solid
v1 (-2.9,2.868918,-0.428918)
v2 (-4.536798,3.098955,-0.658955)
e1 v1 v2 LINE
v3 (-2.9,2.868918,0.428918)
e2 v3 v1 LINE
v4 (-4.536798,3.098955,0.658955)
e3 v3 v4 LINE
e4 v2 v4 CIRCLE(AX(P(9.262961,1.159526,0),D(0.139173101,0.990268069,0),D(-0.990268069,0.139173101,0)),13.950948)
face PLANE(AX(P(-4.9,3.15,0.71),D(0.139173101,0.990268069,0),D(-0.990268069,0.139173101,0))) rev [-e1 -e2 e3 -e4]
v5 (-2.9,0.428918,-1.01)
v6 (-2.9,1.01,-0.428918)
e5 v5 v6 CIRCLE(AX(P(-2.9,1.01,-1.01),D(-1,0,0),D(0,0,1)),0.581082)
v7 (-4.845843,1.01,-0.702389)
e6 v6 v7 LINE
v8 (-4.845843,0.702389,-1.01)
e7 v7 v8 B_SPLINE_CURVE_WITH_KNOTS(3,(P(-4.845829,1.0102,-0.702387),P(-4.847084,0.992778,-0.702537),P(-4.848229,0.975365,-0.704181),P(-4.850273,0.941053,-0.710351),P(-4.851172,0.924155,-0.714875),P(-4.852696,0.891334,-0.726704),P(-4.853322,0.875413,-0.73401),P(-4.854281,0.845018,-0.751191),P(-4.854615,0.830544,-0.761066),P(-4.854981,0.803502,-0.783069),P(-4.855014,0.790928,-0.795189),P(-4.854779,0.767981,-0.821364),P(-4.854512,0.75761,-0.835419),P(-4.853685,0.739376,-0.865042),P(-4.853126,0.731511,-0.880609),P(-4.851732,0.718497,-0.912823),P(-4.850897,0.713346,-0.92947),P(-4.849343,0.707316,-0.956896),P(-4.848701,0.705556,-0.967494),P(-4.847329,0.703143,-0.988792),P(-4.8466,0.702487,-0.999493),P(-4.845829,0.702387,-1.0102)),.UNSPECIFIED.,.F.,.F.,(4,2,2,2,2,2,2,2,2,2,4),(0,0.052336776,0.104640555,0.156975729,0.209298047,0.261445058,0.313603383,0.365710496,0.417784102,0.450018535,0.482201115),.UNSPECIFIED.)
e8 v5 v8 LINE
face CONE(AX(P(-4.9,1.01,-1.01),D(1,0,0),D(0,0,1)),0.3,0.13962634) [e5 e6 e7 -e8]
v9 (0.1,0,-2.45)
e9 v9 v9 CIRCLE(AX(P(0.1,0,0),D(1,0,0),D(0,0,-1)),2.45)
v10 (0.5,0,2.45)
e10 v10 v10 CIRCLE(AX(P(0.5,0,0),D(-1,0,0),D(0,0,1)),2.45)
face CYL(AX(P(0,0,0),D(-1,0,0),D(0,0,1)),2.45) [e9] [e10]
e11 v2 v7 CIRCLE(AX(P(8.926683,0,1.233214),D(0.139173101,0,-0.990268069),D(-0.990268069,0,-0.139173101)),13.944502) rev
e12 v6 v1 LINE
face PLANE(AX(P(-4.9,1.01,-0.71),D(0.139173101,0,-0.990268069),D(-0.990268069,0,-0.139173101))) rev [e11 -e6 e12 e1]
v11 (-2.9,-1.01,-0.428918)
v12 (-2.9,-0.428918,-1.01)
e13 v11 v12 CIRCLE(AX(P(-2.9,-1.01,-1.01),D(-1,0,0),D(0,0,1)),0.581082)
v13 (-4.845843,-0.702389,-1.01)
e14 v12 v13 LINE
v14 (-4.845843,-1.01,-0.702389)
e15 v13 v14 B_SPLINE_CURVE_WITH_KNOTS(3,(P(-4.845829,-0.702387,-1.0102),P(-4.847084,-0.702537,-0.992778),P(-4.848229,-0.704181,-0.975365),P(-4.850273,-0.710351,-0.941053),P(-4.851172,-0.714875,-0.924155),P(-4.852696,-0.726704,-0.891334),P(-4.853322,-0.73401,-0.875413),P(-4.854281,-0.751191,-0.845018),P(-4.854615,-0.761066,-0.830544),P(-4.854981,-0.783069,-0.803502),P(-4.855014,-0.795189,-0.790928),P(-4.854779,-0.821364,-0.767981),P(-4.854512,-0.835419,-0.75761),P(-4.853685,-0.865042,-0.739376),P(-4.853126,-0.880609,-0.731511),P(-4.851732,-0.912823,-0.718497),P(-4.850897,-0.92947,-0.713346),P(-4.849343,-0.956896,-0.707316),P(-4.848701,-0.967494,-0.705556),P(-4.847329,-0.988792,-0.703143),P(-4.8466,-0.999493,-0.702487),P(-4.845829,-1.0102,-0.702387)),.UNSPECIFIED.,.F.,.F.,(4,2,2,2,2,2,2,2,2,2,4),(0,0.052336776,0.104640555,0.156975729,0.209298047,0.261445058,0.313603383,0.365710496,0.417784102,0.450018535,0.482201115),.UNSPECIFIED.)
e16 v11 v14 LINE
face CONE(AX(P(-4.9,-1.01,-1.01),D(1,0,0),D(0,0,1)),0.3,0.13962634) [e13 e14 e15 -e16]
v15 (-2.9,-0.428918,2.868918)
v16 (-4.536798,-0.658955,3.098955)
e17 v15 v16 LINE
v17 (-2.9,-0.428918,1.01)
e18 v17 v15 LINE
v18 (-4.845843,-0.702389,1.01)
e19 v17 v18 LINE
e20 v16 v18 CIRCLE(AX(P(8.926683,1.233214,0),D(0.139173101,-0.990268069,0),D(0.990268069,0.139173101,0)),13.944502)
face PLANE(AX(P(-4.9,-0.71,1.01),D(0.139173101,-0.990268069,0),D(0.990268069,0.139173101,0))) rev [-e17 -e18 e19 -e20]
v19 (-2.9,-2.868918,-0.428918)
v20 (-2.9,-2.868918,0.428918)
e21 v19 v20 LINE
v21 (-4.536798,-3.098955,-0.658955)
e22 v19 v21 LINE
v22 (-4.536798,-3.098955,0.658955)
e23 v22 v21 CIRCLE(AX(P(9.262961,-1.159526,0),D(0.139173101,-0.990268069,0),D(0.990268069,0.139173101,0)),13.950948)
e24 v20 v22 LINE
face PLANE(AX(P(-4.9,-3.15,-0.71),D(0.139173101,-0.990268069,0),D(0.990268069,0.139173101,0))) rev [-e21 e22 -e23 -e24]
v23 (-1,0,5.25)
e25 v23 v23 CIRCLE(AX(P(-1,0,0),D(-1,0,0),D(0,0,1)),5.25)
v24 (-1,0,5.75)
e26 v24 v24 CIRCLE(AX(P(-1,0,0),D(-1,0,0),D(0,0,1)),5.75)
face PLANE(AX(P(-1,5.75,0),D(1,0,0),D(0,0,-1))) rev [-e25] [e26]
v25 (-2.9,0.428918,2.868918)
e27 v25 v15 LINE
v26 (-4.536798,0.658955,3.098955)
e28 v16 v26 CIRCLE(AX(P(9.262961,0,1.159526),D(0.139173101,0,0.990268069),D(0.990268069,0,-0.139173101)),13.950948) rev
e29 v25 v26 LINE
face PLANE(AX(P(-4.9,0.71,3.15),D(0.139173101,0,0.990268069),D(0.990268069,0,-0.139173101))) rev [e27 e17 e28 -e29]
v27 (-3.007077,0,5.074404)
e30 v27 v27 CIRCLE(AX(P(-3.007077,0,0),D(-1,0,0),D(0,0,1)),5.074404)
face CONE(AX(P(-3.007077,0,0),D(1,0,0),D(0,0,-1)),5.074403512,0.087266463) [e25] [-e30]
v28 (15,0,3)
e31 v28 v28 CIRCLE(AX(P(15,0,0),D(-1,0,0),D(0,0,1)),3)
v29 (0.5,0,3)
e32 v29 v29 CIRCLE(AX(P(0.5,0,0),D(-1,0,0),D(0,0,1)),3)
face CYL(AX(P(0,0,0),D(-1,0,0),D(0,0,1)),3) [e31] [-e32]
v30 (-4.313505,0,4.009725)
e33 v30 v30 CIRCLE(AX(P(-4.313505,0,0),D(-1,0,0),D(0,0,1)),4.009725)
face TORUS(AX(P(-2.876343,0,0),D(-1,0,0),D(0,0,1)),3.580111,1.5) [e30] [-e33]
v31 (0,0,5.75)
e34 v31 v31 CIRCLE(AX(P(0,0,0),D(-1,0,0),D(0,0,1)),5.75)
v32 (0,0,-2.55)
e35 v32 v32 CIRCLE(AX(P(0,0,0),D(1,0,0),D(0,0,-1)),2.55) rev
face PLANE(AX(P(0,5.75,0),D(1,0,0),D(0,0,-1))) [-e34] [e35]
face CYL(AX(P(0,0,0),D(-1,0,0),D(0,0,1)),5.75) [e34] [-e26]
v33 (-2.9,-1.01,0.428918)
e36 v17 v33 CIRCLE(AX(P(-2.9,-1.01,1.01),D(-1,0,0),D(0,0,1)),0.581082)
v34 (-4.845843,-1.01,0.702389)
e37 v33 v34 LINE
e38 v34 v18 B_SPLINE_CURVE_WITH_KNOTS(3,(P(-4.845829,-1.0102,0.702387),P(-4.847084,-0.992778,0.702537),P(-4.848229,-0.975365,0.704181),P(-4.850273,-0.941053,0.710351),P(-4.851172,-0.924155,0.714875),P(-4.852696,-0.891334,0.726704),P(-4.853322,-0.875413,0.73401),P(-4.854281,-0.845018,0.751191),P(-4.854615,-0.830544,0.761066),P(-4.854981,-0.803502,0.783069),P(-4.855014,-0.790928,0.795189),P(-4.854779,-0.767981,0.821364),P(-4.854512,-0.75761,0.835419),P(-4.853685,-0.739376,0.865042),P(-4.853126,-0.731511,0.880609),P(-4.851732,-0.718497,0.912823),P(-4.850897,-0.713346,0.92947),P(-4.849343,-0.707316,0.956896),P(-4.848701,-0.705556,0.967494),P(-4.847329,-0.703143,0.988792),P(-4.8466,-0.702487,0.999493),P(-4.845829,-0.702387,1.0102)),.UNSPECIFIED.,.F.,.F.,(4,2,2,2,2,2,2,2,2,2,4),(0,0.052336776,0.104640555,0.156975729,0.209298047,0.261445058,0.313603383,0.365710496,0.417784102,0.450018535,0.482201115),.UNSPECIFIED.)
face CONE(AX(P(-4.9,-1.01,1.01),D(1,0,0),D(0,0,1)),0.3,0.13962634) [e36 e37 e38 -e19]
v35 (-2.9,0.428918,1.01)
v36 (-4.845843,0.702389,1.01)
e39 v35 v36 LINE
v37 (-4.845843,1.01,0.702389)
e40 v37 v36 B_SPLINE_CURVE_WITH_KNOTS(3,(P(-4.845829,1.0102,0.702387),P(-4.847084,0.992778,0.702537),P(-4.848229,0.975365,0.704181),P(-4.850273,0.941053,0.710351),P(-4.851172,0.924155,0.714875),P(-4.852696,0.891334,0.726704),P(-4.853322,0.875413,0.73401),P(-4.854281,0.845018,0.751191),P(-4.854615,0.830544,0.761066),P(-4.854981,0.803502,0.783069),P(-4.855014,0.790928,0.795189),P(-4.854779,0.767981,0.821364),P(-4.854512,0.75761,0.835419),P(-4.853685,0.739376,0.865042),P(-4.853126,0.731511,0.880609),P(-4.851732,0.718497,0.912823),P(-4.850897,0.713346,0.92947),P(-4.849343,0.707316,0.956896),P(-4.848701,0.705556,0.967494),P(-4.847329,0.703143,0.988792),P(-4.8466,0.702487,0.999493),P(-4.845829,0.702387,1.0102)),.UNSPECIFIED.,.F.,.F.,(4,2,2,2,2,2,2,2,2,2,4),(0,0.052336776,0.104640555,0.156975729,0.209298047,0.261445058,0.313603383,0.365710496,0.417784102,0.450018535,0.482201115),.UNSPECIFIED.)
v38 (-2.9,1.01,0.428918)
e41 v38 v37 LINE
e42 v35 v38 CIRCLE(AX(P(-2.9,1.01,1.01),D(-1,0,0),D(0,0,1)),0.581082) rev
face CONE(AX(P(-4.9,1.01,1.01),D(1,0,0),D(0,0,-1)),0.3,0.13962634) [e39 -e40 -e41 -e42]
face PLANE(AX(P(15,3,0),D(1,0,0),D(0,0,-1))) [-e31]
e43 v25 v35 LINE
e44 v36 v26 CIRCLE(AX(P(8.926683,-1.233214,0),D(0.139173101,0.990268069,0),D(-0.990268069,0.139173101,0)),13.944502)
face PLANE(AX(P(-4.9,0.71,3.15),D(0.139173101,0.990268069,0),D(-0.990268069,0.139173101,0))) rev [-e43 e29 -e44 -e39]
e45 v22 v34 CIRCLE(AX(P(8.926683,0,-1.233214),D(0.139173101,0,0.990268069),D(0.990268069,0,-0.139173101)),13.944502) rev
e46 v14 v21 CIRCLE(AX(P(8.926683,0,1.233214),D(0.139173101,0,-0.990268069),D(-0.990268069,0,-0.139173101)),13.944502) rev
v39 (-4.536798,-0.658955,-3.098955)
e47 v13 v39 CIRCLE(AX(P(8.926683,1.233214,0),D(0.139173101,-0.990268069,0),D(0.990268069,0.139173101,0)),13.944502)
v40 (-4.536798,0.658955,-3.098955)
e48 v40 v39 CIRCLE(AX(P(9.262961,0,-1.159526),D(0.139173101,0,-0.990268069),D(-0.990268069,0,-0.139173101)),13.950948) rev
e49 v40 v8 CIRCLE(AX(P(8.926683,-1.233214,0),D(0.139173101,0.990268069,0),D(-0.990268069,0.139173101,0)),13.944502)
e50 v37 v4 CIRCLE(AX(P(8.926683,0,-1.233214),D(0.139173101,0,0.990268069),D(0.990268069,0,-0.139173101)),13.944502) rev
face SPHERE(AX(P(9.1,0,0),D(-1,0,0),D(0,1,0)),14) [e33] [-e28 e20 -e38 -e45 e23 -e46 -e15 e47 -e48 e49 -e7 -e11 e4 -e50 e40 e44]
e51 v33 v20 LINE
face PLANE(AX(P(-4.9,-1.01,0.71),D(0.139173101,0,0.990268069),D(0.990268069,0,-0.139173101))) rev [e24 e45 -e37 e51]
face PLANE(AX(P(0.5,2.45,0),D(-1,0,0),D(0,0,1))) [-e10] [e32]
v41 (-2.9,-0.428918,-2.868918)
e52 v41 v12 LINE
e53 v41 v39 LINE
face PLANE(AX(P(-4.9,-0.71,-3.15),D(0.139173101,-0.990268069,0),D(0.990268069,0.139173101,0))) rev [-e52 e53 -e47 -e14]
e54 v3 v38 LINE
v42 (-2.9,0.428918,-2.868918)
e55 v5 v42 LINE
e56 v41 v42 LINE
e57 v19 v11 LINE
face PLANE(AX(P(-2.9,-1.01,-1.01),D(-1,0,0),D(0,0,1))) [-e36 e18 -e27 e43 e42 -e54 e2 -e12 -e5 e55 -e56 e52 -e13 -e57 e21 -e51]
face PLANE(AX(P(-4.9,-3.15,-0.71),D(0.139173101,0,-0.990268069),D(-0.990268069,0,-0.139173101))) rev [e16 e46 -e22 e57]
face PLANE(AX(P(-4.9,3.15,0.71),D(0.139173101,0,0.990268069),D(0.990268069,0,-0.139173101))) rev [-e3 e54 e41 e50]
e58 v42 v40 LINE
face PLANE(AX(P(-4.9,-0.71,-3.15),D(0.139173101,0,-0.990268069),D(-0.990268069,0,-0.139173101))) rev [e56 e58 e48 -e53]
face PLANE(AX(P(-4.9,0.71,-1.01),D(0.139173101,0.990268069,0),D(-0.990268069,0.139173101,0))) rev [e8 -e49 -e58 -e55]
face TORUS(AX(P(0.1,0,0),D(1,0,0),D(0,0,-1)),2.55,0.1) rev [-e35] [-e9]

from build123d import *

# Parameters (mm, degrees)
CUT_EXTRUDE_1_DEPTH = 2
CUT_EXTRUDE_1_TAPER = 8
FILLET_1_R          = 0.1


with BuildPart() as part:
    # ｽｹｯﾁ1 → Revolve 833 (revolve)
    with BuildSketch(Plane.XY):
        with BuildLine():
            Line((-3.007077042, 5.074403512), (-1, 5.25))
            Line((-1, 5.25), (-1, 5.75))
            Line((-1, 5.75), (0, 5.75))
            Line((0, 5.75), (0, 2.45))
            Line((0, 2.45), (0.5, 2.45))
            Line((0.5, 2.45), (0.5, 3))
            Line((0.5, 3), (15, 3))
            Line((15, 3), (15, 0))
            Line((15, 0), (-4.9, 0))
            ThreePointArc((-4.9, 0), (-4.752600206, 2.026195333), (-4.313504639, 4.009724841))
            ThreePointArc((-4.313504639, 4.009724841), (-3.823950263, 4.742884566), (-3.007077042, 5.074403512))
        make_face()
    revolve(axis=Axis((0, 0, 0), (1, 0, 0)))

    # ｽｹｯﾁ2 → ｶｯﾄ - 押し出し1 (cut)
    with BuildSketch(Plane(origin=(-4.9, 0, 0), x_dir=(0, 0, -1), z_dir=(1, 0, 0))):
        with BuildLine():
            Line((0.71, -3.15), (0.71, -1.01))
            ThreePointArc((0.71, -1.01), (0.797867966, -0.797867966), (1.01, -0.71))
            Line((1.01, -0.71), (3.15, -0.71))
            Line((3.15, -0.71), (3.15, 0.71))
            Line((3.15, 0.71), (1.01, 0.71))
            ThreePointArc((1.01, 0.71), (0.797867966, 0.797867966), (0.71, 1.01))
            Line((0.71, 1.01), (0.71, 3.15))
            Line((0.71, 3.15), (-0.71, 3.15))
            Line((-0.71, 3.15), (-0.71, 1.01))
            ThreePointArc((-0.71, 1.01), (-0.797867966, 0.797867966), (-1.01, 0.71))
            Line((-1.01, 0.71), (-3.15, 0.71))
            Line((-3.15, 0.71), (-3.15, -0.71))
            Line((-3.15, -0.71), (-1.01, -0.71))
            ThreePointArc((-1.01, -0.71), (-0.797867966, -0.797867966), (-0.71, -1.01))
            Line((-0.71, -1.01), (-0.71, -3.15))
            Line((-0.71, -3.15), (0.71, -3.15))
        make_face()
    extrude(amount=CUT_EXTRUDE_1_DEPTH, taper=CUT_EXTRUDE_1_TAPER, mode=Mode.SUBTRACT)

    # ﾌｨﾚｯﾄ1
    fillet_1_edges = [part.edges().sort_by_distance(p)[0] for p in [
        (0, -2.45, 0),
    ]]
    fillet(fillet_1_edges, radius=FILLET_1_R)


solid = part.part
